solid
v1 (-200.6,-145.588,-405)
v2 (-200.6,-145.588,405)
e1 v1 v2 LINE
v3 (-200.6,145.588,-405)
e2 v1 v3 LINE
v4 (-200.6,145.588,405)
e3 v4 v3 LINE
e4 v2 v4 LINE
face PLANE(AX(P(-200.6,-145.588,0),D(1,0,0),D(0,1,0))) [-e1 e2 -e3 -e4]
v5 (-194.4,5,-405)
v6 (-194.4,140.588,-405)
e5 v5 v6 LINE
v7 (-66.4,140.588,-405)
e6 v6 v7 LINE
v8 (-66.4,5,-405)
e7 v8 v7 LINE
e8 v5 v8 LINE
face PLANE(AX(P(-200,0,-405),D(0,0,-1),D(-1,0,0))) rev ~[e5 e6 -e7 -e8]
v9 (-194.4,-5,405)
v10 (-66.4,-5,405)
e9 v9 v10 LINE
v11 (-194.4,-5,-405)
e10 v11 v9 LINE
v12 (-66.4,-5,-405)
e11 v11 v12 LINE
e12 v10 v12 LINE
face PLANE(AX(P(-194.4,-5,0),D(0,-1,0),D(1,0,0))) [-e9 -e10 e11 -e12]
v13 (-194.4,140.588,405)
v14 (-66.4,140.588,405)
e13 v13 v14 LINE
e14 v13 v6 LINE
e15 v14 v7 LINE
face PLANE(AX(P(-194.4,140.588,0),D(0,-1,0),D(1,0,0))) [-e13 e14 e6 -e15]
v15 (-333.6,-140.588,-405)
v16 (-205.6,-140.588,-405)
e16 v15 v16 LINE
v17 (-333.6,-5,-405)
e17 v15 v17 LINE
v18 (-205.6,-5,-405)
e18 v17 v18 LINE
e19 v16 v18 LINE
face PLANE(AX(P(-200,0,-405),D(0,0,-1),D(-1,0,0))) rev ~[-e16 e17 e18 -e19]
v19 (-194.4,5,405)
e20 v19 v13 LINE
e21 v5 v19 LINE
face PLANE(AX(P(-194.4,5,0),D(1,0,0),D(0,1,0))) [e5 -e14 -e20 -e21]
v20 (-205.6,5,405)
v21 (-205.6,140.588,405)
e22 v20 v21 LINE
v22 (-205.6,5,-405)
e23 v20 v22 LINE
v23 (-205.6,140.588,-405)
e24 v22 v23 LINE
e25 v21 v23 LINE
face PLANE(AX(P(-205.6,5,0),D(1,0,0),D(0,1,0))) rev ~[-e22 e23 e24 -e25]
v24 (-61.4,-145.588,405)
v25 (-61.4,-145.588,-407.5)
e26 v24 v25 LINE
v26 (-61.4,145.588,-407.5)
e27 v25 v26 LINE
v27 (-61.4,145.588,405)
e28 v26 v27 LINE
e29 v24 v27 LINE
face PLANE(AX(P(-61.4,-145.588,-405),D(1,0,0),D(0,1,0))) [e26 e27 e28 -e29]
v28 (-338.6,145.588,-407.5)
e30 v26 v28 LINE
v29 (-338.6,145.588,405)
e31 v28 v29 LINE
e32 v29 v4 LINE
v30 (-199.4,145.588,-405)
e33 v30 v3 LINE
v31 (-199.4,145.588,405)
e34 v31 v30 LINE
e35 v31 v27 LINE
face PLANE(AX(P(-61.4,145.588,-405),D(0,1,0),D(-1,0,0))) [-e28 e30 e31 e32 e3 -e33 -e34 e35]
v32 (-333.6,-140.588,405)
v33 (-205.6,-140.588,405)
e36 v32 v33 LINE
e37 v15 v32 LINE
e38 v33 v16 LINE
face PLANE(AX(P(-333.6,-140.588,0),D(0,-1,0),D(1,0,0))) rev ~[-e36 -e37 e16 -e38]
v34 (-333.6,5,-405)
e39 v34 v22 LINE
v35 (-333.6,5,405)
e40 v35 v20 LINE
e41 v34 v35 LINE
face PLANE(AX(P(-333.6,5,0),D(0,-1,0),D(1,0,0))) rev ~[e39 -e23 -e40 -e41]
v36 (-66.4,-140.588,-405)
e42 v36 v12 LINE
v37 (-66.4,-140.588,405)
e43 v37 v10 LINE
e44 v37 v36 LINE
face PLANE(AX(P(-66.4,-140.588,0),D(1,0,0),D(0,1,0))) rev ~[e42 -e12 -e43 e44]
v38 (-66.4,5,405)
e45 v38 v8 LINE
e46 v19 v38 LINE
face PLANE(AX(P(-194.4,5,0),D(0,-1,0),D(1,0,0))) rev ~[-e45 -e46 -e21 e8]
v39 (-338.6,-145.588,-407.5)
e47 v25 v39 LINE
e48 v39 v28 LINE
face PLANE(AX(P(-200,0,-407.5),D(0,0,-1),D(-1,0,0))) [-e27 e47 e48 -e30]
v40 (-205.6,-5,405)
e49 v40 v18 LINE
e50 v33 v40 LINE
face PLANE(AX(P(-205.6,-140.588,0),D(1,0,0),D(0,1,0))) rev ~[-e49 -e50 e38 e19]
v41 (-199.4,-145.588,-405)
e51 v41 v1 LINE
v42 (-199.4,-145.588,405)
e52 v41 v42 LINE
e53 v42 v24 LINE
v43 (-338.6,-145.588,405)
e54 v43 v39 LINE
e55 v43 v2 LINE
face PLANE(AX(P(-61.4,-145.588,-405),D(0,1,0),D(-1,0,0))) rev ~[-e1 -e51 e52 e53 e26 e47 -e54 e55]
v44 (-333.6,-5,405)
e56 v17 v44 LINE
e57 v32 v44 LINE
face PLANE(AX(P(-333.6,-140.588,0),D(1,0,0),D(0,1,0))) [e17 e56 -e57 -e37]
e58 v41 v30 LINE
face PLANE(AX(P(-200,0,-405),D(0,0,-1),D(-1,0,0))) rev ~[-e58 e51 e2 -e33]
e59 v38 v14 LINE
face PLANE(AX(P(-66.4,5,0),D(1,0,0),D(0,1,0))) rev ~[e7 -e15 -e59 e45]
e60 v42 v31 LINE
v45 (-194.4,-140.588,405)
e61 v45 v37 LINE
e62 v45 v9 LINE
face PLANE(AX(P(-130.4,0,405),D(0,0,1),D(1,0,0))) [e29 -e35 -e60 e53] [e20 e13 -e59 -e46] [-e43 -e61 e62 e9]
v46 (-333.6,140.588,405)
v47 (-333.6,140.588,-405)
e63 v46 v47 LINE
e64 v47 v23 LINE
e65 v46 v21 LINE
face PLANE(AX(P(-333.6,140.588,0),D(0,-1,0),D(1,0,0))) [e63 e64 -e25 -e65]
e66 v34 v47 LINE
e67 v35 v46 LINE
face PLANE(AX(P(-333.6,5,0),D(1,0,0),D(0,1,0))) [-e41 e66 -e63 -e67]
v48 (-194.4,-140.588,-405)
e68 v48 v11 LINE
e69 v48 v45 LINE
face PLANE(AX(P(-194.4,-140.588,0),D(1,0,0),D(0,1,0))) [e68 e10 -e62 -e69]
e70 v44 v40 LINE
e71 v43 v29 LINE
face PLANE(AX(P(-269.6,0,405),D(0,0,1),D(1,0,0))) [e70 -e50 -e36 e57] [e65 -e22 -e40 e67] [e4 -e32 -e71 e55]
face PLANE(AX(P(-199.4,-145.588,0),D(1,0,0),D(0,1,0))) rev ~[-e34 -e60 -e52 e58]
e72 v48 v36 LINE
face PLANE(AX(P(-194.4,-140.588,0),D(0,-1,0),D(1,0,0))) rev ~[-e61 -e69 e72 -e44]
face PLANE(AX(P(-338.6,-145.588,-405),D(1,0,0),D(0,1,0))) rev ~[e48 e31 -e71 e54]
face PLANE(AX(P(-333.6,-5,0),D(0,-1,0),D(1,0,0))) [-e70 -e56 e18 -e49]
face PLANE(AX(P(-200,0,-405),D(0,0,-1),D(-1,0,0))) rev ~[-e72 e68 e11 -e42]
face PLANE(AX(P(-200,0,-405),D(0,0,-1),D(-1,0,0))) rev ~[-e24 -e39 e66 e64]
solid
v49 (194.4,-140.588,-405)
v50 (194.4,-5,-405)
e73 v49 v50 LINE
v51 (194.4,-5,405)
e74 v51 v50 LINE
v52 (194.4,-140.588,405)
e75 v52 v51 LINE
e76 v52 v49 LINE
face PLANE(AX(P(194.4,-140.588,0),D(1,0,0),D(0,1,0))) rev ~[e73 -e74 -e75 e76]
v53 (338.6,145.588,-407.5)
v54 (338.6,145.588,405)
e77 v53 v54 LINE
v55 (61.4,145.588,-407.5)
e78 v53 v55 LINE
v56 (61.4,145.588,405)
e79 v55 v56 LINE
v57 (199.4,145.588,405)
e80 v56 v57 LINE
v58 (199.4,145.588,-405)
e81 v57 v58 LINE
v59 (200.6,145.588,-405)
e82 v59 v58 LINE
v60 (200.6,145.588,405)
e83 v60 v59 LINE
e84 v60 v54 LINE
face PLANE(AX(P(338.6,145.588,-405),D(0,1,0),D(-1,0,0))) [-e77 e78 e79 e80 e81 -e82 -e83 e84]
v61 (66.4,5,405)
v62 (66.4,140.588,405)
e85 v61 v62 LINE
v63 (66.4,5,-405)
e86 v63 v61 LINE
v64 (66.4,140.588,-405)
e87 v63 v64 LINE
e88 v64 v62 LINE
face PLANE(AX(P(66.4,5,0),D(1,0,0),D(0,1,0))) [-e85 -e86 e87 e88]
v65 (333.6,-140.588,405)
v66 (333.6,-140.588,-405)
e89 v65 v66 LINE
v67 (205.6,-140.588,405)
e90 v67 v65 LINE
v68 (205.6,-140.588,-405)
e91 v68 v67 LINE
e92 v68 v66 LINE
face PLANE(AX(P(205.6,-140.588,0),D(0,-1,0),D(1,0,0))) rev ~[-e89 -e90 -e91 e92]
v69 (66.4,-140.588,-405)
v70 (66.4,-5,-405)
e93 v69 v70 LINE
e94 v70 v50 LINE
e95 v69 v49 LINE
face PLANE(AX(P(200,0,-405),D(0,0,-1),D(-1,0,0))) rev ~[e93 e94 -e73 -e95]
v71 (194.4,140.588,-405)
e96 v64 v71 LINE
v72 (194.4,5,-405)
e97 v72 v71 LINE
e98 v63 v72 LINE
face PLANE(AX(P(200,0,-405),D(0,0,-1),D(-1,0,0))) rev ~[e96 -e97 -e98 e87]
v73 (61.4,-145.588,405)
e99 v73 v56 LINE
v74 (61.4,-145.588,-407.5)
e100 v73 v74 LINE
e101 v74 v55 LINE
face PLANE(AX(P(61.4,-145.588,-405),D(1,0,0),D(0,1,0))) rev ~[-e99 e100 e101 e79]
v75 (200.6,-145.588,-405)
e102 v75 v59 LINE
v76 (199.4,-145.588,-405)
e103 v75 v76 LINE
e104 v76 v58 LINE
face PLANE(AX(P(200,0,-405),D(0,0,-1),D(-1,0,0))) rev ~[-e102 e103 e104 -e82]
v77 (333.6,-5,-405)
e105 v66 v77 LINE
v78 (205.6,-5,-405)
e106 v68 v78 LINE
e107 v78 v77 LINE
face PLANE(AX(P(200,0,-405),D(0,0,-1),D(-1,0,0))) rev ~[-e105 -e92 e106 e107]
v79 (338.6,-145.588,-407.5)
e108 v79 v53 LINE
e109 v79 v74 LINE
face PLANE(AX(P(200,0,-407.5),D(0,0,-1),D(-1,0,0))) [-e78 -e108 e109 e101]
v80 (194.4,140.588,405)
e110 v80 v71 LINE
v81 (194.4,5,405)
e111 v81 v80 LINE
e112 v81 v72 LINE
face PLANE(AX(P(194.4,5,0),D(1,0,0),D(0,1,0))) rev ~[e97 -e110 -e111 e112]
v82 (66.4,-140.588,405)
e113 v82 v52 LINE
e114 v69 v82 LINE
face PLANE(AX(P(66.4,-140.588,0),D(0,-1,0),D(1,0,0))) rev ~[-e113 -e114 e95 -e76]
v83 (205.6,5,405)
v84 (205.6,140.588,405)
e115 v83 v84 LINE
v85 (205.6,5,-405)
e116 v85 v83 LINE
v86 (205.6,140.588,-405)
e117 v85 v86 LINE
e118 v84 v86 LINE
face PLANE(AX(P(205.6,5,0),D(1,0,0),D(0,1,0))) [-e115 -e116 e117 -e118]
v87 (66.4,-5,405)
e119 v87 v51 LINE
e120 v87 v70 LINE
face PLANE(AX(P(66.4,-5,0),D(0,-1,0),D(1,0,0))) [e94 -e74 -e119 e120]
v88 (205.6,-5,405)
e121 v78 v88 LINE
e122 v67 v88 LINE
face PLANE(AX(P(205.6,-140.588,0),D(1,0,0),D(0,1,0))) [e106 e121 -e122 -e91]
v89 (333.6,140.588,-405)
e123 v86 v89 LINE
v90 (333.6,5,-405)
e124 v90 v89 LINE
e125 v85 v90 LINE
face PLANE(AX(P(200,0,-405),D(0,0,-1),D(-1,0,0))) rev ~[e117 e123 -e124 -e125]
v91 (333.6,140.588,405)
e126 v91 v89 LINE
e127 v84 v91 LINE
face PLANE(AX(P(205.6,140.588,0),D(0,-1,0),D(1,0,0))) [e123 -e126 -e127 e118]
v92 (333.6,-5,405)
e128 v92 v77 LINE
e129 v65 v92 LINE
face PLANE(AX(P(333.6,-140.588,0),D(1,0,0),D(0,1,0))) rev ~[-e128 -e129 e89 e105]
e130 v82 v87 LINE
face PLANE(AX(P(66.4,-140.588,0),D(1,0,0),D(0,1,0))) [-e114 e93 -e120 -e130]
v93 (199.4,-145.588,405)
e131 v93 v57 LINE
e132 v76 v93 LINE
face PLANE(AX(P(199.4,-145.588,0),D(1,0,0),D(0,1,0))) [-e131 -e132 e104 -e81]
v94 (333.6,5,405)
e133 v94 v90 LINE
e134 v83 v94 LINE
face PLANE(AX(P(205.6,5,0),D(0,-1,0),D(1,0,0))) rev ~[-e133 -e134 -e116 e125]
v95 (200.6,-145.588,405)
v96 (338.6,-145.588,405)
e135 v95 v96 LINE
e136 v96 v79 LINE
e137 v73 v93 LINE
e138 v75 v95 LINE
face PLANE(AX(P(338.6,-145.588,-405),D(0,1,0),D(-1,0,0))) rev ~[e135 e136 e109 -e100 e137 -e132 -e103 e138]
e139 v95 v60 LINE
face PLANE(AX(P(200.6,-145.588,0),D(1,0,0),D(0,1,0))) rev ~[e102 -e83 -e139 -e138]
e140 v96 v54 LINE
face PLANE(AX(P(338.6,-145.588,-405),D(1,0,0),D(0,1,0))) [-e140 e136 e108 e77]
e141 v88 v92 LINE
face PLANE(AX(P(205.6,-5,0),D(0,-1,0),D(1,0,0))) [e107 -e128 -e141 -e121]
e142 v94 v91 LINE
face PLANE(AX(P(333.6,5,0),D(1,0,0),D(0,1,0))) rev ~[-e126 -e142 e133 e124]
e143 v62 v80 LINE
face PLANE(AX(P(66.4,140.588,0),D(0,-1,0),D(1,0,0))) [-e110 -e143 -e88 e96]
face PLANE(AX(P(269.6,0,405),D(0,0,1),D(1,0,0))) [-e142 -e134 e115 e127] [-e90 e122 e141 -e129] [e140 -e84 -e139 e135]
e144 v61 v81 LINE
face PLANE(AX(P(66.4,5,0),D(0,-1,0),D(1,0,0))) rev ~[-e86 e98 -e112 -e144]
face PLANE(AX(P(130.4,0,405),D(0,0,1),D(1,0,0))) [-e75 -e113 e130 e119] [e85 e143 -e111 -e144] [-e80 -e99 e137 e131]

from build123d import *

# Parameters (mm, degrees)
SKETCH1_W             = 138
SKETCH1_H             = 291.176
SKETCH1_W_2           = 128
SKETCH1_H_2           = 135.588
BOSS_EXTRUDE1_DEPTH   = 405
BOSS_EXTRUDE1_2_DEPTH = 405
BOSS_EXTRUDE1_3_DEPTH = 405
BOSS_EXTRUDE1_4_DEPTH = 405
SKETCH2_W             = 277.2
SKETCH2_H             = 291.176
BOSS_EXTRUDE2_DEPTH   = 2.5


with BuildPart() as part:
    # Sketch1 → Boss-Extrude1 (new, symmetric)
    with BuildSketch(Plane.XY):
        with Locations((130.4, 0)):
            Rectangle(SKETCH1_W, SKETCH1_H)
        with Locations((130.4, 72.794)):
            Rectangle(SKETCH1_W_2, SKETCH1_H_2, mode=Mode.SUBTRACT)
        with Locations((130.4, -72.794)):
            Rectangle(SKETCH1_W_2, SKETCH1_H_2, mode=Mode.SUBTRACT)
    extrude(amount=BOSS_EXTRUDE1_DEPTH, both=True)



with BuildPart() as body_2:
    # Sketch1 → Boss-Extrude1 2 (new, symmetric)
    with BuildSketch(Plane.XY):
        with Locations((269.6, 0)):
            Rectangle(SKETCH1_W, SKETCH1_H)
        with Locations((269.6, -72.794)):
            Rectangle(SKETCH1_W_2, SKETCH1_H_2, mode=Mode.SUBTRACT)
        with Locations((269.6, 72.794)):
            Rectangle(SKETCH1_W_2, SKETCH1_H_2, mode=Mode.SUBTRACT)
    extrude(amount=BOSS_EXTRUDE1_2_DEPTH, both=True)


with BuildPart() as body_3:
    # Sketch1 → Boss-Extrude1 3 (new, symmetric)
    with BuildSketch(Plane.XY):
        with Locations((-269.6, 0)):
            Rectangle(SKETCH1_W, SKETCH1_H)
        with Locations((-269.6, -72.794)):
            Rectangle(SKETCH1_W_2, SKETCH1_H_2, mode=Mode.SUBTRACT)
        with Locations((-269.6, 72.794)):
            Rectangle(SKETCH1_W_2, SKETCH1_H_2, mode=Mode.SUBTRACT)
    extrude(amount=BOSS_EXTRUDE1_3_DEPTH, both=True)


with BuildPart() as body_4:
    # Sketch1 → Boss-Extrude1 4 (new, symmetric)
    with BuildSketch(Plane.XY):
        with Locations((-130.4, 0)):
            Rectangle(SKETCH1_W, SKETCH1_H)
        with Locations((-130.4, -72.794)):
            Rectangle(SKETCH1_W_2, SKETCH1_H_2, mode=Mode.SUBTRACT)
        with Locations((-130.4, 72.794)):
            Rectangle(SKETCH1_W_2, SKETCH1_H_2, mode=Mode.SUBTRACT)
    extrude(amount=BOSS_EXTRUDE1_4_DEPTH, both=True)


with BuildPart() as part_1:
    add(part.part)

    add(body_2.part)  # Boss-Extrude2 merges body 2

    add(body_3.part)  # Boss-Extrude2 merges body 3

    add(body_4.part)  # Boss-Extrude2 merges body 4
    # Sketch2 → Boss-Extrude2 (add)
    with BuildSketch(Plane(origin=(0, 0, -405), x_dir=(-1, 0, 0), z_dir=(0, 0, -1))):
        with Locations((-200, 0)):
            Rectangle(SKETCH2_W, SKETCH2_H)
        with Locations((200, 0)):
            Rectangle(SKETCH2_W, SKETCH2_H)
    extrude(amount=BOSS_EXTRUDE2_DEPTH)


solid = part_1.part
